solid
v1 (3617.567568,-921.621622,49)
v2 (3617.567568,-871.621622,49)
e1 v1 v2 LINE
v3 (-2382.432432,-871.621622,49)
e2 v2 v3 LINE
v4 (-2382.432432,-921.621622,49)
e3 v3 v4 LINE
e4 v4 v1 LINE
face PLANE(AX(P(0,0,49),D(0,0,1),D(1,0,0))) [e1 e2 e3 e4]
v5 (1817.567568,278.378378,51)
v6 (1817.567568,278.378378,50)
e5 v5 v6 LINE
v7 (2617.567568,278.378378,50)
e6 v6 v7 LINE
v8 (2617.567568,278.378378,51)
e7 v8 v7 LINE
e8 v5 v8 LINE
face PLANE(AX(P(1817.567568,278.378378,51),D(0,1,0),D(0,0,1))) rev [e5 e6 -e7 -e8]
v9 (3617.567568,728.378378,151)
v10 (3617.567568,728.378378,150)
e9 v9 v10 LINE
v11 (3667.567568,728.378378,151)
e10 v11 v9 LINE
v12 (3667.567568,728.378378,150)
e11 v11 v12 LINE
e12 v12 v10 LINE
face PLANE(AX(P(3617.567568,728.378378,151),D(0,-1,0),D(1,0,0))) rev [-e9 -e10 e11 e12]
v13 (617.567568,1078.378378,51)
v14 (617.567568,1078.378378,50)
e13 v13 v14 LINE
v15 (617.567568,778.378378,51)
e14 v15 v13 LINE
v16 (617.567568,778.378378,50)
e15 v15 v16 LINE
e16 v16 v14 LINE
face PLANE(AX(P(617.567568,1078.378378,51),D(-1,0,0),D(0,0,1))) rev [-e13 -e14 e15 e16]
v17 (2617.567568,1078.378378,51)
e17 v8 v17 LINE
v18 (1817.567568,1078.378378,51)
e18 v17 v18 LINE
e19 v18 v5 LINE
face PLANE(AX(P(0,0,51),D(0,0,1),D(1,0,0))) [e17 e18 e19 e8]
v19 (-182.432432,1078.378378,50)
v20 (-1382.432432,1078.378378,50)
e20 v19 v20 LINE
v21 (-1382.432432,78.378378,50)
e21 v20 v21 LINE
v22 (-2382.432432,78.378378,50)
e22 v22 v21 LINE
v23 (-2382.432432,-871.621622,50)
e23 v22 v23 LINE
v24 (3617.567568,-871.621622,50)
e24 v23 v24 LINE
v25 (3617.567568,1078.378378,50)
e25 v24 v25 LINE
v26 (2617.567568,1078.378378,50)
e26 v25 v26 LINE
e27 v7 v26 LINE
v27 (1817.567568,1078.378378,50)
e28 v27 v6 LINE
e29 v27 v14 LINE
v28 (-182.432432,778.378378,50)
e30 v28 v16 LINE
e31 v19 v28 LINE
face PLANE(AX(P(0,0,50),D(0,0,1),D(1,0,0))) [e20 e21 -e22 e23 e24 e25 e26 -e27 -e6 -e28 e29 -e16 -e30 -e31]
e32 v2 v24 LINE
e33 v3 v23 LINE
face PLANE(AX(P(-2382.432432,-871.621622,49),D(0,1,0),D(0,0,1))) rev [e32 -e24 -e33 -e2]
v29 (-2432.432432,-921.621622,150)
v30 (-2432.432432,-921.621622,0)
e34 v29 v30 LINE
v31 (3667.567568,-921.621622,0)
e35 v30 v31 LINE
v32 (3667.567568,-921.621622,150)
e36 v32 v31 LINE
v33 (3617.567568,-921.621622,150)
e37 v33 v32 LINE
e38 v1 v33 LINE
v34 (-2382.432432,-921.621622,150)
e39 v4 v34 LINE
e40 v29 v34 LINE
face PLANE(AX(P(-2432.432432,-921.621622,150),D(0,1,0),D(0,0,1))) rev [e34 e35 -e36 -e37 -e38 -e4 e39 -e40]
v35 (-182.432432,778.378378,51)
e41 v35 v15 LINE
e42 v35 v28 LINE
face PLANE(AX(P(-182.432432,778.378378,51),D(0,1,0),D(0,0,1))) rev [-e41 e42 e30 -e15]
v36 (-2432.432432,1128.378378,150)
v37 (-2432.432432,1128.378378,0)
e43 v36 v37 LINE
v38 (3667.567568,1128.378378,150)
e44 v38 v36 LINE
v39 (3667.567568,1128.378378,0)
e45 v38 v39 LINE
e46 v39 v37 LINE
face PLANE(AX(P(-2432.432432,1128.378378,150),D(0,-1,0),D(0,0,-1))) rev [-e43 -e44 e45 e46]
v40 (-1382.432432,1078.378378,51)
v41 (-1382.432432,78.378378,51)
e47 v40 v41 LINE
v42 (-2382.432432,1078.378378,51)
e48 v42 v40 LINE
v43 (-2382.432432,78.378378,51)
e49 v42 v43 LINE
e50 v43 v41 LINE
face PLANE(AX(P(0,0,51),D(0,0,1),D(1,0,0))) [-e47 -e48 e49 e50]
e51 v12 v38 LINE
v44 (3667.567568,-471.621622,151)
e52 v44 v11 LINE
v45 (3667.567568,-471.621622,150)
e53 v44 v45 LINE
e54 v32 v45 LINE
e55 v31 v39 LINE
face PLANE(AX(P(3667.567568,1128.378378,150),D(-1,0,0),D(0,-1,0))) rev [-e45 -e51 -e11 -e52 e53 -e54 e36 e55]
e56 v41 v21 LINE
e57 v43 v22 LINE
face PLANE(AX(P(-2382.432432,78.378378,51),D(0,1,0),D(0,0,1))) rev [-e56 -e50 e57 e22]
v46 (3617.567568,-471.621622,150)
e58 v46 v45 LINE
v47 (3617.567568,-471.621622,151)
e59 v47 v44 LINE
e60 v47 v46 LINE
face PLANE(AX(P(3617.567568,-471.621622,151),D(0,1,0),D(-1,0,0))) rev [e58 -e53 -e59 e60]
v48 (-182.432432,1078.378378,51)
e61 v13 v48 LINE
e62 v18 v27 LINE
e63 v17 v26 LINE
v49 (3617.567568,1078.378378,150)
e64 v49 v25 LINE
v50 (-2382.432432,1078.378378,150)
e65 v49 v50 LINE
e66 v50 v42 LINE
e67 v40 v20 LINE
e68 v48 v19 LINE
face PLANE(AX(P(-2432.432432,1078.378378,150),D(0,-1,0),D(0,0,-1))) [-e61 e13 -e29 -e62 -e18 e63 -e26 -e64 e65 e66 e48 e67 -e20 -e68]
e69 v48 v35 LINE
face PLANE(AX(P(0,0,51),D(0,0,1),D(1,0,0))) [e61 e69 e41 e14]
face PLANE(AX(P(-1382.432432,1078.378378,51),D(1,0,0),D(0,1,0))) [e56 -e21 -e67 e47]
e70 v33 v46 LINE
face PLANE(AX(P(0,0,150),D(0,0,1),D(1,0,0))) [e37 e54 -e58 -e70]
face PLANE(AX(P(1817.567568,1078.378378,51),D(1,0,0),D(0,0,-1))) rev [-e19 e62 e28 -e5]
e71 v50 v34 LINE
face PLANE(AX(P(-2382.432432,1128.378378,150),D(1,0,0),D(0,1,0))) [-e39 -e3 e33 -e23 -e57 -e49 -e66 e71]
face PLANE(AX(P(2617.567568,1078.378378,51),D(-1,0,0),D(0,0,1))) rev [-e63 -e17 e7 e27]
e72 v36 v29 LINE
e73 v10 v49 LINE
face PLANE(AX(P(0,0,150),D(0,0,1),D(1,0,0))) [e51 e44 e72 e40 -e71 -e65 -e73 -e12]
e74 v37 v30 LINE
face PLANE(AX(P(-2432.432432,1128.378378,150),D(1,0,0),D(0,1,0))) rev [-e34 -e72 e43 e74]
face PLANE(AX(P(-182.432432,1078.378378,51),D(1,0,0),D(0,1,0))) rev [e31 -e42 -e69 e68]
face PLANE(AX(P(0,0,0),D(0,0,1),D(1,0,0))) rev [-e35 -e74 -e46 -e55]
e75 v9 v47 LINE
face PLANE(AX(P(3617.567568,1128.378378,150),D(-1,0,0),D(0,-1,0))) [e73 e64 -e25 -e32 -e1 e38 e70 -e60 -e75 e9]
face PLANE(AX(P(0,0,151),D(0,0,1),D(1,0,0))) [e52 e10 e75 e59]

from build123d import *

# Parameters (mm, degrees)
SKETCH1_W           = 6100
SKETCH1_H           = 2050
BOSS_EXTRUDE1_DEPTH = 150
SHELL1_T            = -50
SKETCH2_W           = 1000
SKETCH2_H           = 1000
BOSS_EXTRUDE2_DEPTH = 1
SKETCH3_W           = 800
SKETCH3_H           = 800
BOSS_EXTRUDE3_DEPTH = 1
SKETCH4_W           = 800
SKETCH4_H           = 300
BOSS_EXTRUDE4_DEPTH = 1
SKETCH5_W           = 50
SKETCH5_H           = 1200
BOSS_EXTRUDE5_DEPTH = 1
SKETCH6_W           = 6000
SKETCH6_H           = 50
CUT_EXTRUDE1_DEPTH  = 101


with BuildPart() as part:
    # Sketch1 → Boss-Extrude1 (new body)
    with BuildSketch(Plane.XY):
        with Locations((617.567567568, 103.378378378)):
            Rectangle(SKETCH1_W, SKETCH1_H)
    extrude(amount=BOSS_EXTRUDE1_DEPTH)

    # Shell1
    shell1_openings = [part.faces().sort_by_distance(p)[0] for p in [
        (617.567567568, 103.378378378, 150),
    ]]
    offset(amount=SHELL1_T, openings=shell1_openings, kind=Kind.INTERSECTION)

    # Sketch2 → Boss-Extrude2 (add)
    with BuildSketch(Plane.XY.offset(50)):
        with Locations((-1882.432432432, 578.378378378)):
            Rectangle(SKETCH2_W, SKETCH2_H)
    extrude(amount=BOSS_EXTRUDE2_DEPTH)

    # Sketch3 → Boss-Extrude3 (add)
    with BuildSketch(Plane.XY.offset(50)):
        with Locations((2217.567567568, 678.378378378)):
            Rectangle(SKETCH3_W, SKETCH3_H)
    extrude(amount=BOSS_EXTRUDE3_DEPTH)

    # Sketch4 → Boss-Extrude4 (add)
    with BuildSketch(Plane.XY.offset(50)):
        with Locations((217.567567568, 928.378378378)):
            Rectangle(SKETCH4_W, SKETCH4_H)
    extrude(amount=BOSS_EXTRUDE4_DEPTH)

    # Sketch5 → Boss-Extrude5 (add)
    with BuildSketch(Plane.XY.offset(150)):
        with Locations((3642.567567568, 128.378378378)):
            Rectangle(SKETCH5_W, SKETCH5_H)
    extrude(amount=BOSS_EXTRUDE5_DEPTH)

    # Sketch6 → Cut-Extrude1 (cut)
    with BuildSketch(Plane.XY.offset(150)):
        with Locations((617.567567568, -896.621621622)):
            Rectangle(SKETCH6_W, SKETCH6_H)
    extrude(amount=-CUT_EXTRUDE1_DEPTH, mode=Mode.SUBTRACT)


solid = part.part
